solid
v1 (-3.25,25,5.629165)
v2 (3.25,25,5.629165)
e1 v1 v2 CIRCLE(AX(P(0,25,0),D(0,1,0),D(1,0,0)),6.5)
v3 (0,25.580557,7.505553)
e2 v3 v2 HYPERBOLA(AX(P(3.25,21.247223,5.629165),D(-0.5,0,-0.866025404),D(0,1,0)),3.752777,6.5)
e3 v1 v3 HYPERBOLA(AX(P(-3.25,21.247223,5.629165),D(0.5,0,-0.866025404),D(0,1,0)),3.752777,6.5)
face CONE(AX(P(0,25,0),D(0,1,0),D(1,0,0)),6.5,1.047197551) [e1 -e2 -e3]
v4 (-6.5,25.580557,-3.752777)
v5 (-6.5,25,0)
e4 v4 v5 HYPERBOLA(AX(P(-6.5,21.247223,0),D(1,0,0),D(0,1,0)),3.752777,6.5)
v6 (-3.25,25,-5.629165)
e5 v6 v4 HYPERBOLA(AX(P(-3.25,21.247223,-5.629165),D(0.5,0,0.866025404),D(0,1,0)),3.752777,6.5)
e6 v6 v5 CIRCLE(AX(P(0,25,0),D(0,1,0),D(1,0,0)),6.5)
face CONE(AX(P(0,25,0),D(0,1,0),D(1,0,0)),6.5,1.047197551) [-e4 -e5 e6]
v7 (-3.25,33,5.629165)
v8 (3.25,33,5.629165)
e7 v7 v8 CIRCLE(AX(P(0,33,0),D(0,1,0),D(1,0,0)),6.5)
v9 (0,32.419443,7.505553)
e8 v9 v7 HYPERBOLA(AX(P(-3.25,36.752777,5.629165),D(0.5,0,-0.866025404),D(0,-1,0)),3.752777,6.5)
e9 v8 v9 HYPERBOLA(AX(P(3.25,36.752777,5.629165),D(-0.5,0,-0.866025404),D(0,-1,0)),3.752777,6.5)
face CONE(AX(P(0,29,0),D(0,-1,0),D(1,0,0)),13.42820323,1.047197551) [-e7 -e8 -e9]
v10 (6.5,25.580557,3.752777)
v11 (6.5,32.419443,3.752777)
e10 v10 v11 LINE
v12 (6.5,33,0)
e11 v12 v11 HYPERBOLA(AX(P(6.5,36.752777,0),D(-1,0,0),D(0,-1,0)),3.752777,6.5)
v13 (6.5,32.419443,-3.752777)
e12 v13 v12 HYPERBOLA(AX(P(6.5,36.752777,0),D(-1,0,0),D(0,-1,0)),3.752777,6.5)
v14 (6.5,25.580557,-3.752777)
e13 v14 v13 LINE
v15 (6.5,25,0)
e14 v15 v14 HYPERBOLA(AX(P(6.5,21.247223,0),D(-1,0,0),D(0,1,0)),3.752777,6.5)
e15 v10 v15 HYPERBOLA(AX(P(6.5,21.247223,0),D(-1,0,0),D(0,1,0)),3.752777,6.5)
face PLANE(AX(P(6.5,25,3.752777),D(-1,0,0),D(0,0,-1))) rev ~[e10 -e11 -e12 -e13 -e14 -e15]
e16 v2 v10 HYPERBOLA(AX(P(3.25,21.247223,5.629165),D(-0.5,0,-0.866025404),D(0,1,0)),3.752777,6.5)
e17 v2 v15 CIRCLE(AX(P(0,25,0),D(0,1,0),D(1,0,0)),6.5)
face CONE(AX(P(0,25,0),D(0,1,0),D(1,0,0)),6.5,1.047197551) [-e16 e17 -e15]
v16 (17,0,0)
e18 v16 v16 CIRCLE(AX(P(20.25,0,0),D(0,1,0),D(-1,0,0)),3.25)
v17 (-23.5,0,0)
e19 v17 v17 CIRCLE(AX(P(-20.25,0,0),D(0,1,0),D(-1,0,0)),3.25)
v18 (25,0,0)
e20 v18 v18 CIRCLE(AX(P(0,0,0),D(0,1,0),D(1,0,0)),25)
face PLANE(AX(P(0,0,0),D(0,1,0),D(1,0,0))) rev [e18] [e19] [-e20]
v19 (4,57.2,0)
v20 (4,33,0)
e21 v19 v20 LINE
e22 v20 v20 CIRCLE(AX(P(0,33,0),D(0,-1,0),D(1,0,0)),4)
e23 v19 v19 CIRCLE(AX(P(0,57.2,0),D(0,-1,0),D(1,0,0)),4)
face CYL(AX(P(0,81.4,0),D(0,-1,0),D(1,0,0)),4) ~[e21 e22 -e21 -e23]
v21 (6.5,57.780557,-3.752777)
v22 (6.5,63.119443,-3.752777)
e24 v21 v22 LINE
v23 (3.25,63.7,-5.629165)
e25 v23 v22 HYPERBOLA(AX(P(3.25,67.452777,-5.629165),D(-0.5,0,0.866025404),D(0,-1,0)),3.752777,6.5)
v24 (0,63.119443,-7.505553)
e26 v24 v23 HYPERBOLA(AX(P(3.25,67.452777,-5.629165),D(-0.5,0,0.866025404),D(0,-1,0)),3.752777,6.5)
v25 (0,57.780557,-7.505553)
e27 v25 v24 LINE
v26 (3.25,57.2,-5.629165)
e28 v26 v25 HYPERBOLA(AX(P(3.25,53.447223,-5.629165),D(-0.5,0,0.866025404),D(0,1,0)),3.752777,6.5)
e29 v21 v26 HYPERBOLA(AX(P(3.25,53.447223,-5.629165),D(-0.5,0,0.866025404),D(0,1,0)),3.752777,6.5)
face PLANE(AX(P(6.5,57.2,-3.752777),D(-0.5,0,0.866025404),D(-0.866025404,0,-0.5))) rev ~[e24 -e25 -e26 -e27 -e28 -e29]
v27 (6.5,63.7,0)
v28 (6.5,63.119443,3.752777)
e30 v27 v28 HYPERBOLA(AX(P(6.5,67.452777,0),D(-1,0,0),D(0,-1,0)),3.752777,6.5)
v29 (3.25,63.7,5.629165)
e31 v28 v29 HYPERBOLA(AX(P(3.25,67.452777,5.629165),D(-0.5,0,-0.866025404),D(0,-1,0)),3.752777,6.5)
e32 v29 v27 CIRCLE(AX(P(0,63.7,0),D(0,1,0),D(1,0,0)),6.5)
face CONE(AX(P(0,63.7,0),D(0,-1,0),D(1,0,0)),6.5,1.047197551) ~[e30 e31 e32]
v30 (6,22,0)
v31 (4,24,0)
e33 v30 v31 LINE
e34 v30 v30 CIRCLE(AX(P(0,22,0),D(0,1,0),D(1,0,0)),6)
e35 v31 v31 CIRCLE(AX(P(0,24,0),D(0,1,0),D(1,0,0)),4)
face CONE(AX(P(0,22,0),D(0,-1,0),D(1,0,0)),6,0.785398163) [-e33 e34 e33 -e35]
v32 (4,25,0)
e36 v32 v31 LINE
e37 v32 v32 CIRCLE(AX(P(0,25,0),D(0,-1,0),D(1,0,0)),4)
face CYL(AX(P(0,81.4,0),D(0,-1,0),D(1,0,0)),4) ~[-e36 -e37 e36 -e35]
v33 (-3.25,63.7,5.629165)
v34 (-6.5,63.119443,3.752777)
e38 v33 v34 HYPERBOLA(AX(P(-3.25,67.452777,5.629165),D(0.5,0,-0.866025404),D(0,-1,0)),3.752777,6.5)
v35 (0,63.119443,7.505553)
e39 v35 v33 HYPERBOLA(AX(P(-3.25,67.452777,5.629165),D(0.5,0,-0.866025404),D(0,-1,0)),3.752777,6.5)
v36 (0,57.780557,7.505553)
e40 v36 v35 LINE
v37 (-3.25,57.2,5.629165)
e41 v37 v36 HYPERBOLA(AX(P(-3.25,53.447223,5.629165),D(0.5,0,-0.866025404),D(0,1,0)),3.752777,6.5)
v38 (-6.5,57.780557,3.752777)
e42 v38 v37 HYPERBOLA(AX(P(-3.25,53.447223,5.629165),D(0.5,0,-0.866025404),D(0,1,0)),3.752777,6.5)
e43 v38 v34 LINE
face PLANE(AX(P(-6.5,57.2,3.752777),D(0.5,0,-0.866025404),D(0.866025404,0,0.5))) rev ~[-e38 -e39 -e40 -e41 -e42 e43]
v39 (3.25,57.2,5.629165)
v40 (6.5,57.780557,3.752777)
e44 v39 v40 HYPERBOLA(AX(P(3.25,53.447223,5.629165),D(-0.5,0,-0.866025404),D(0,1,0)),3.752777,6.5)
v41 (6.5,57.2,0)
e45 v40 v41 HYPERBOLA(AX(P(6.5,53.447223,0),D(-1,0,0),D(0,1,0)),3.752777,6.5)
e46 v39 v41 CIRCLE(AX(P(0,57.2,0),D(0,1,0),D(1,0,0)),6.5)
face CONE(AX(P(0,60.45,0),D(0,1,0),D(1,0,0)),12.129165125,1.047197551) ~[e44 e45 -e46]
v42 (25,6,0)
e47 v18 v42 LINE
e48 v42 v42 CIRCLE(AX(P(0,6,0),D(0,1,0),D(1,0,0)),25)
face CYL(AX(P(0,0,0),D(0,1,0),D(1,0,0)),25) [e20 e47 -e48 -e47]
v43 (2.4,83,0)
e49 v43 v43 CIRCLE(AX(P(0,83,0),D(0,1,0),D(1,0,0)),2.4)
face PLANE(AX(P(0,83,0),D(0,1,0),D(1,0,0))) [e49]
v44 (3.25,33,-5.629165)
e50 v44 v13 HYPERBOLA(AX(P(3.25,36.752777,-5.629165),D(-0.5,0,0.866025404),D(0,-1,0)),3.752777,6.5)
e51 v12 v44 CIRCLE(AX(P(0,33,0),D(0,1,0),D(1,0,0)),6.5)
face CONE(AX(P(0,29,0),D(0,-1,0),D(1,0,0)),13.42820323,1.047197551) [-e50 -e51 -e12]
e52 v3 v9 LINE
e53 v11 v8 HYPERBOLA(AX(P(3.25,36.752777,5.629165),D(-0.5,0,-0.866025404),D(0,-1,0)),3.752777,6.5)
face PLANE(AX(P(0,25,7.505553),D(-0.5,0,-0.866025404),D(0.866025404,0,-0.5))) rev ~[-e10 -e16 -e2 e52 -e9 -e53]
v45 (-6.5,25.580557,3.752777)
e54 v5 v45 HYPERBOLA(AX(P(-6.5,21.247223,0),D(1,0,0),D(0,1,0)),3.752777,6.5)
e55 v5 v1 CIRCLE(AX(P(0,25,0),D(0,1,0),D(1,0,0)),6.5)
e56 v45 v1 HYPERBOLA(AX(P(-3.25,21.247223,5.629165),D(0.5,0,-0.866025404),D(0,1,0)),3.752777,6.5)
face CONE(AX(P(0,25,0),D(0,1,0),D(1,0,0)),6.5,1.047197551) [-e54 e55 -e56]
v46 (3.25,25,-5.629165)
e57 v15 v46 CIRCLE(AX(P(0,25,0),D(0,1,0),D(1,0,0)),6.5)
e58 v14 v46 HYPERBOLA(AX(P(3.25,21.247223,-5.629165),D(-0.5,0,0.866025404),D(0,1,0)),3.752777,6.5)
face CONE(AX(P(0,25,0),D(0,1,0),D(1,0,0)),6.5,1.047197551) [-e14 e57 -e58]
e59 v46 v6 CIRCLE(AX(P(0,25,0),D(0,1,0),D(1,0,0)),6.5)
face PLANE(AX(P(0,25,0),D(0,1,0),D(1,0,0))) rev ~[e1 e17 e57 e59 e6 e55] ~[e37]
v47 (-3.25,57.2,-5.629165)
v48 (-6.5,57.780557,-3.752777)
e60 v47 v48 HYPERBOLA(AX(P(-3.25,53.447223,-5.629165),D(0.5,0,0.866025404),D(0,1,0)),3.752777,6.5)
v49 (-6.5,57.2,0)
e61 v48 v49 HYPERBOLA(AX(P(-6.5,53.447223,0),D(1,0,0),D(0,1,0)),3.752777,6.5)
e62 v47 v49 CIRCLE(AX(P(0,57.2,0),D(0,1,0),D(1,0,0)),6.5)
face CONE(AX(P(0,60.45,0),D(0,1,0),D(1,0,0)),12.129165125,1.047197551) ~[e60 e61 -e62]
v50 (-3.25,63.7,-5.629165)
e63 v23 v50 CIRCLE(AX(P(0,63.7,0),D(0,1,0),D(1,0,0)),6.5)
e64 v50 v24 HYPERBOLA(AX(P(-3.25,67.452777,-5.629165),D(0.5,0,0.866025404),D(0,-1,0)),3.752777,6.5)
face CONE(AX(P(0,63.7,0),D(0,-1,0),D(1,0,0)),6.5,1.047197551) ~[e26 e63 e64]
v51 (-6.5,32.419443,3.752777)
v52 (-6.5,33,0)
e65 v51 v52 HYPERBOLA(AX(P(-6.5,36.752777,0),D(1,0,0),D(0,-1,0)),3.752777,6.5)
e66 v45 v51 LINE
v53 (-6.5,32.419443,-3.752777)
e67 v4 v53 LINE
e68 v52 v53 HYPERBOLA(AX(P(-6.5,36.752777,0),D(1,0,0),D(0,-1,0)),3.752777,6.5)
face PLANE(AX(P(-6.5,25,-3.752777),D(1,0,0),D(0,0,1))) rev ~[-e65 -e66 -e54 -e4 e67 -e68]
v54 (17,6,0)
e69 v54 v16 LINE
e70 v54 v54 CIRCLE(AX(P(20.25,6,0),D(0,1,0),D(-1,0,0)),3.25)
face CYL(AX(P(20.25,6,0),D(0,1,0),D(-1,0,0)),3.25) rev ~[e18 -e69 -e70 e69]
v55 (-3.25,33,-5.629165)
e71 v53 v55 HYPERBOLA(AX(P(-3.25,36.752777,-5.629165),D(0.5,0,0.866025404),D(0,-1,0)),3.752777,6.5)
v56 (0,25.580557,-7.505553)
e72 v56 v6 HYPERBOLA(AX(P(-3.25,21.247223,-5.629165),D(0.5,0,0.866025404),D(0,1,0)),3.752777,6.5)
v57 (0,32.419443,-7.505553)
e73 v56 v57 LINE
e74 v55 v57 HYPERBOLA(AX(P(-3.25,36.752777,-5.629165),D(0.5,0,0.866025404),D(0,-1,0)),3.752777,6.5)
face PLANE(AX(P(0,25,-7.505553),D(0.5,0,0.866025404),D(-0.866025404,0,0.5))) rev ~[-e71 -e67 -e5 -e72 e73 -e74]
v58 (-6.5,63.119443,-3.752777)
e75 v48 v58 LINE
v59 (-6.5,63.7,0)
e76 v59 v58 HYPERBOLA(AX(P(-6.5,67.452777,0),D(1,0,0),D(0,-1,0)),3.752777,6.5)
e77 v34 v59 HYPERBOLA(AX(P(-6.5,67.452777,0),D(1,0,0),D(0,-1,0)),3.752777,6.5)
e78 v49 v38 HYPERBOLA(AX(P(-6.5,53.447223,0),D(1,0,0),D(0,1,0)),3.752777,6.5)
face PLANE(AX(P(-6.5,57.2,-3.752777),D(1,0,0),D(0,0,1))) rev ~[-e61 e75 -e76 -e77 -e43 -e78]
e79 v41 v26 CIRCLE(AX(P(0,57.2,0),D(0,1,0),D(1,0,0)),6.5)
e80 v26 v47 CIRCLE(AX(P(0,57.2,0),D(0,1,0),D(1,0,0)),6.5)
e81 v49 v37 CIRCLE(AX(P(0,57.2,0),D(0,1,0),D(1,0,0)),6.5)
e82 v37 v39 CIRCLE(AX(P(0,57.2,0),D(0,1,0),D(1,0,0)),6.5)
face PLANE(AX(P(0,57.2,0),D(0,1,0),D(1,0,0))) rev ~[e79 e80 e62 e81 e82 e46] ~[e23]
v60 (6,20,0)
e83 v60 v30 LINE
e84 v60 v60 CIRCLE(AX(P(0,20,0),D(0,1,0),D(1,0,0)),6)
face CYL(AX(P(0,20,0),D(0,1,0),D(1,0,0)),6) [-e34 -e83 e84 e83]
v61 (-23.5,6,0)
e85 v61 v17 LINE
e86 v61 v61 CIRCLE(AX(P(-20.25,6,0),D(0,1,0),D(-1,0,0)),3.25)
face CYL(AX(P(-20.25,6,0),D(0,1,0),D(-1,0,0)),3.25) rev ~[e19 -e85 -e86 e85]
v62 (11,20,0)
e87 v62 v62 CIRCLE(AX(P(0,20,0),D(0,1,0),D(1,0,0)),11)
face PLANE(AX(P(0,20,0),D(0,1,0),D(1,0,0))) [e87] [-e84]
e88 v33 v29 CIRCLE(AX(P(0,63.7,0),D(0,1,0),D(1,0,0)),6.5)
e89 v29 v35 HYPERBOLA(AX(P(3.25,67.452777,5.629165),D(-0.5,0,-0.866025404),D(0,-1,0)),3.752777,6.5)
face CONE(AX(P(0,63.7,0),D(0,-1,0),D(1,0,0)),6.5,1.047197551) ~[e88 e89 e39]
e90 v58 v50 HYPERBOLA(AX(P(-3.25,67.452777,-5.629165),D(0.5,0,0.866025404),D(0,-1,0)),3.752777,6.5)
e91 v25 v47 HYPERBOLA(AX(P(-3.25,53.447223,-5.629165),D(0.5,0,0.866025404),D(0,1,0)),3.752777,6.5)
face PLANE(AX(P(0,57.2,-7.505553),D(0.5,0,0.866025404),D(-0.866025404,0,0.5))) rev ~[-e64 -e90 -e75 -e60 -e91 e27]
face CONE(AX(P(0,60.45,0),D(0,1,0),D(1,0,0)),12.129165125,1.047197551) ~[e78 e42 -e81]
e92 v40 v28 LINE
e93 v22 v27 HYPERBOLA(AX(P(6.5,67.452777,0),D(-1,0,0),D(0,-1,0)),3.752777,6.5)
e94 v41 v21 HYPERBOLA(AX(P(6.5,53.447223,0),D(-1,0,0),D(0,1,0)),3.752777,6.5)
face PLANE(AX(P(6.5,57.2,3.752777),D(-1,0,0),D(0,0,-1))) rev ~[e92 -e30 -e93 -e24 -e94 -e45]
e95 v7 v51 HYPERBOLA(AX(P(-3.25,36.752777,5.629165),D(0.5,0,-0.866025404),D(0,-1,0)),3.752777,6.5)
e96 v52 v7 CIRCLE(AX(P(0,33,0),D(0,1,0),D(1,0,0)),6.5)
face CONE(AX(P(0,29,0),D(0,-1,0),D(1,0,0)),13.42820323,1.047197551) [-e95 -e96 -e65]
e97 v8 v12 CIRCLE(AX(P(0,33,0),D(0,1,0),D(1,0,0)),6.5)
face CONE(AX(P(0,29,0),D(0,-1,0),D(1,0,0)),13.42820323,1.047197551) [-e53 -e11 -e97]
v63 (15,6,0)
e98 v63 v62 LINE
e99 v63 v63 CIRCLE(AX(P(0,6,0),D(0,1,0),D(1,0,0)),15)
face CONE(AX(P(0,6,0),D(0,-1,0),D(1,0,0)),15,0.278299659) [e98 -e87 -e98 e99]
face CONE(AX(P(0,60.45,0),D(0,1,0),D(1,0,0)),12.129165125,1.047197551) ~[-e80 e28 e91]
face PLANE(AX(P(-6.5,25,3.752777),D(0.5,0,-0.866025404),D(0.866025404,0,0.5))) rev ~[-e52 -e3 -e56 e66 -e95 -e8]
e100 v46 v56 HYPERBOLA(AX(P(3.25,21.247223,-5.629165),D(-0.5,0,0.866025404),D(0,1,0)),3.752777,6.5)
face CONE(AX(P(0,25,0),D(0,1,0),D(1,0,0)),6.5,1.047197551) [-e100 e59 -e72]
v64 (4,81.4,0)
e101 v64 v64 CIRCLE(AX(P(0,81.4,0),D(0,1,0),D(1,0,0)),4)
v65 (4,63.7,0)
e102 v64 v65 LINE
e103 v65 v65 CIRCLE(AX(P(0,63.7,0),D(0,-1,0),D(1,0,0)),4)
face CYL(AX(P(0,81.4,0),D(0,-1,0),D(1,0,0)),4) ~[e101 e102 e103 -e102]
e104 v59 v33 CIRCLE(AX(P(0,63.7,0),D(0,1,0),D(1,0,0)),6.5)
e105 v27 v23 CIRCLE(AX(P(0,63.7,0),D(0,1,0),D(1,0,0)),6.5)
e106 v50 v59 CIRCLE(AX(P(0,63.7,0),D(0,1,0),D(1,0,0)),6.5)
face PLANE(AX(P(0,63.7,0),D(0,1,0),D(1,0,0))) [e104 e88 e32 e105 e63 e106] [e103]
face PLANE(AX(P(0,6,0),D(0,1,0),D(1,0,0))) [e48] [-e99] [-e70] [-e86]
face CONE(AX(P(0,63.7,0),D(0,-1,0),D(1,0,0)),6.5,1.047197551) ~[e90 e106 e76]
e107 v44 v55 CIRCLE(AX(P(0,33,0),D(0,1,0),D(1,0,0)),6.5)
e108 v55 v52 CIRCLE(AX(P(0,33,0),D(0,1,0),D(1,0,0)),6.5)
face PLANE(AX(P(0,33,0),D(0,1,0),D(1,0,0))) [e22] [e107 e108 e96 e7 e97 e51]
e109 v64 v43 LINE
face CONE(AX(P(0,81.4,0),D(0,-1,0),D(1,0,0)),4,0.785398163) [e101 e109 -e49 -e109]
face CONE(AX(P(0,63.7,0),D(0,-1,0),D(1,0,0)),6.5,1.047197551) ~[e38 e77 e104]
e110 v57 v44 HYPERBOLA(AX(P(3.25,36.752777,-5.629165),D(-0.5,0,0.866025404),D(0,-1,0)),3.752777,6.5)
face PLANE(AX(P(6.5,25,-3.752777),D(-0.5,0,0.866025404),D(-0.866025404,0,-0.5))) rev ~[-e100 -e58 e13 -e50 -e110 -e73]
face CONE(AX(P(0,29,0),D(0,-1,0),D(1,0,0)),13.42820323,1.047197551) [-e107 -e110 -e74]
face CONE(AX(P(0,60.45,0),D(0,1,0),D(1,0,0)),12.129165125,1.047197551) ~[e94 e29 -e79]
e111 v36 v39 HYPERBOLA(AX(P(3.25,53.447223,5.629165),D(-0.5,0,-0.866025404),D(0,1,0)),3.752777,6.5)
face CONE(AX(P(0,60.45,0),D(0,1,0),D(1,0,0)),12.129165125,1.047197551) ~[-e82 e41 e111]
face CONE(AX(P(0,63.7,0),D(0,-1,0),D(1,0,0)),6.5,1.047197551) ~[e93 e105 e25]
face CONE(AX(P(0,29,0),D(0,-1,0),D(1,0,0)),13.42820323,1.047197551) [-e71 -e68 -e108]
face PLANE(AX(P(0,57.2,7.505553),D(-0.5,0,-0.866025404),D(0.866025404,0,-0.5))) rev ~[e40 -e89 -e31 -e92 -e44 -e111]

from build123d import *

# Parameters (mm, degrees)
EXTRUDE_1_DEPTH     = 8
EXTRUDE_2_DEPTH     = 6.5
SKETCH_5_R          = 3.25
CUT_EXTRUDE_1_DEPTH = 7


with BuildPart() as part:
    # Эскиз1 → Повернуть1 (revolve)
    with BuildSketch(Plane.XY, mode=Mode.PRIVATE) as revolve_1_sk:
        Polygon((0, 0), (-25, 0), (-25, 6), (-15, 6), (-11, 20), (-6, 20), (-6, 22), (-4, 24), (-4, 25), (-4, 33), (-4, 81.4), (-2.4, 83), (0, 83), align=None)
    revolve(revolve_1_sk.sketch.rotate(Axis((0, 0, 0), (0, 1, 0)), 180), axis=Axis((0, 0, 0), (0, 1, 0)))  # turned: the seam where the file's is

    # Эскиз2 → Бобышка-Вытянуть1 (add)
    with BuildSketch(Plane(origin=(0, 25, 0), x_dir=(1, 0, 0), z_dir=(0, 1, 0))):
        Polygon((0, 7.505553499), (-6.5, 3.75277675), (-6.5, -3.75277675), (0, -7.505553499), (6.5, -3.75277675), (6.5, 3.75277675), align=None)
    extrude(amount=EXTRUDE_1_DEPTH)

    # Эскиз3 → Бобышка-Вытянуть2 (add)
    with BuildSketch(Plane(origin=(0, 57.2, 0), x_dir=(1, 0, 0), z_dir=(0, 1, 0))):
        Polygon((6.5, 3.75277675), (0, 7.505553499), (-6.5, 3.75277675), (-6.5, -3.75277675), (0, -7.505553499), (6.5, -3.75277675), align=None)
    extrude(amount=EXTRUDE_2_DEPTH)

    # Эскиз4 → Вырез-Повернуть2 (revolve, cut)
    with BuildSketch(Plane.XY, mode=Mode.PRIVATE) as cut_revolve_2_sk:
        Polygon((-12.129165125, 63.7), (-6.5, 63.7), (-12.129165125, 60.45), align=None)
        Polygon((-12.129165125, 57.2), (-12.129165125, 60.45), (-6.5, 57.2), align=None)
        Polygon((-13.42820323, 33), (-13.42820323, 29), (-6.5, 33), align=None)
        Polygon((-13.42820323, 29), (-13.42820323, 25), (-6.5, 25), align=None)
    revolve(cut_revolve_2_sk.sketch.rotate(Axis((0, 83, 0), (0, 1, 0)), 180), axis=Axis((0, 83, 0), (0, 1, 0)), mode=Mode.SUBTRACT)  # turned: the seam where the file's is

    # Эскиз5 → Вырез-Вытянуть1 (cut, through all)
    with BuildSketch(Plane(origin=(0, 6, 0), x_dir=(1, 0, 0), z_dir=(0, 1, 0))):
        with Locations(Location((-20.25, 0, 0), (0, 0, 180))):  # turned: the seam where the file's is
            Circle(SKETCH_5_R)
        with Locations(Location((20.25, 0, 0), (0, 0, 180))):  # turned: the seam where the file's is
            Circle(SKETCH_5_R)
    extrude(amount=-CUT_EXTRUDE_1_DEPTH, mode=Mode.SUBTRACT)


solid = part.part
